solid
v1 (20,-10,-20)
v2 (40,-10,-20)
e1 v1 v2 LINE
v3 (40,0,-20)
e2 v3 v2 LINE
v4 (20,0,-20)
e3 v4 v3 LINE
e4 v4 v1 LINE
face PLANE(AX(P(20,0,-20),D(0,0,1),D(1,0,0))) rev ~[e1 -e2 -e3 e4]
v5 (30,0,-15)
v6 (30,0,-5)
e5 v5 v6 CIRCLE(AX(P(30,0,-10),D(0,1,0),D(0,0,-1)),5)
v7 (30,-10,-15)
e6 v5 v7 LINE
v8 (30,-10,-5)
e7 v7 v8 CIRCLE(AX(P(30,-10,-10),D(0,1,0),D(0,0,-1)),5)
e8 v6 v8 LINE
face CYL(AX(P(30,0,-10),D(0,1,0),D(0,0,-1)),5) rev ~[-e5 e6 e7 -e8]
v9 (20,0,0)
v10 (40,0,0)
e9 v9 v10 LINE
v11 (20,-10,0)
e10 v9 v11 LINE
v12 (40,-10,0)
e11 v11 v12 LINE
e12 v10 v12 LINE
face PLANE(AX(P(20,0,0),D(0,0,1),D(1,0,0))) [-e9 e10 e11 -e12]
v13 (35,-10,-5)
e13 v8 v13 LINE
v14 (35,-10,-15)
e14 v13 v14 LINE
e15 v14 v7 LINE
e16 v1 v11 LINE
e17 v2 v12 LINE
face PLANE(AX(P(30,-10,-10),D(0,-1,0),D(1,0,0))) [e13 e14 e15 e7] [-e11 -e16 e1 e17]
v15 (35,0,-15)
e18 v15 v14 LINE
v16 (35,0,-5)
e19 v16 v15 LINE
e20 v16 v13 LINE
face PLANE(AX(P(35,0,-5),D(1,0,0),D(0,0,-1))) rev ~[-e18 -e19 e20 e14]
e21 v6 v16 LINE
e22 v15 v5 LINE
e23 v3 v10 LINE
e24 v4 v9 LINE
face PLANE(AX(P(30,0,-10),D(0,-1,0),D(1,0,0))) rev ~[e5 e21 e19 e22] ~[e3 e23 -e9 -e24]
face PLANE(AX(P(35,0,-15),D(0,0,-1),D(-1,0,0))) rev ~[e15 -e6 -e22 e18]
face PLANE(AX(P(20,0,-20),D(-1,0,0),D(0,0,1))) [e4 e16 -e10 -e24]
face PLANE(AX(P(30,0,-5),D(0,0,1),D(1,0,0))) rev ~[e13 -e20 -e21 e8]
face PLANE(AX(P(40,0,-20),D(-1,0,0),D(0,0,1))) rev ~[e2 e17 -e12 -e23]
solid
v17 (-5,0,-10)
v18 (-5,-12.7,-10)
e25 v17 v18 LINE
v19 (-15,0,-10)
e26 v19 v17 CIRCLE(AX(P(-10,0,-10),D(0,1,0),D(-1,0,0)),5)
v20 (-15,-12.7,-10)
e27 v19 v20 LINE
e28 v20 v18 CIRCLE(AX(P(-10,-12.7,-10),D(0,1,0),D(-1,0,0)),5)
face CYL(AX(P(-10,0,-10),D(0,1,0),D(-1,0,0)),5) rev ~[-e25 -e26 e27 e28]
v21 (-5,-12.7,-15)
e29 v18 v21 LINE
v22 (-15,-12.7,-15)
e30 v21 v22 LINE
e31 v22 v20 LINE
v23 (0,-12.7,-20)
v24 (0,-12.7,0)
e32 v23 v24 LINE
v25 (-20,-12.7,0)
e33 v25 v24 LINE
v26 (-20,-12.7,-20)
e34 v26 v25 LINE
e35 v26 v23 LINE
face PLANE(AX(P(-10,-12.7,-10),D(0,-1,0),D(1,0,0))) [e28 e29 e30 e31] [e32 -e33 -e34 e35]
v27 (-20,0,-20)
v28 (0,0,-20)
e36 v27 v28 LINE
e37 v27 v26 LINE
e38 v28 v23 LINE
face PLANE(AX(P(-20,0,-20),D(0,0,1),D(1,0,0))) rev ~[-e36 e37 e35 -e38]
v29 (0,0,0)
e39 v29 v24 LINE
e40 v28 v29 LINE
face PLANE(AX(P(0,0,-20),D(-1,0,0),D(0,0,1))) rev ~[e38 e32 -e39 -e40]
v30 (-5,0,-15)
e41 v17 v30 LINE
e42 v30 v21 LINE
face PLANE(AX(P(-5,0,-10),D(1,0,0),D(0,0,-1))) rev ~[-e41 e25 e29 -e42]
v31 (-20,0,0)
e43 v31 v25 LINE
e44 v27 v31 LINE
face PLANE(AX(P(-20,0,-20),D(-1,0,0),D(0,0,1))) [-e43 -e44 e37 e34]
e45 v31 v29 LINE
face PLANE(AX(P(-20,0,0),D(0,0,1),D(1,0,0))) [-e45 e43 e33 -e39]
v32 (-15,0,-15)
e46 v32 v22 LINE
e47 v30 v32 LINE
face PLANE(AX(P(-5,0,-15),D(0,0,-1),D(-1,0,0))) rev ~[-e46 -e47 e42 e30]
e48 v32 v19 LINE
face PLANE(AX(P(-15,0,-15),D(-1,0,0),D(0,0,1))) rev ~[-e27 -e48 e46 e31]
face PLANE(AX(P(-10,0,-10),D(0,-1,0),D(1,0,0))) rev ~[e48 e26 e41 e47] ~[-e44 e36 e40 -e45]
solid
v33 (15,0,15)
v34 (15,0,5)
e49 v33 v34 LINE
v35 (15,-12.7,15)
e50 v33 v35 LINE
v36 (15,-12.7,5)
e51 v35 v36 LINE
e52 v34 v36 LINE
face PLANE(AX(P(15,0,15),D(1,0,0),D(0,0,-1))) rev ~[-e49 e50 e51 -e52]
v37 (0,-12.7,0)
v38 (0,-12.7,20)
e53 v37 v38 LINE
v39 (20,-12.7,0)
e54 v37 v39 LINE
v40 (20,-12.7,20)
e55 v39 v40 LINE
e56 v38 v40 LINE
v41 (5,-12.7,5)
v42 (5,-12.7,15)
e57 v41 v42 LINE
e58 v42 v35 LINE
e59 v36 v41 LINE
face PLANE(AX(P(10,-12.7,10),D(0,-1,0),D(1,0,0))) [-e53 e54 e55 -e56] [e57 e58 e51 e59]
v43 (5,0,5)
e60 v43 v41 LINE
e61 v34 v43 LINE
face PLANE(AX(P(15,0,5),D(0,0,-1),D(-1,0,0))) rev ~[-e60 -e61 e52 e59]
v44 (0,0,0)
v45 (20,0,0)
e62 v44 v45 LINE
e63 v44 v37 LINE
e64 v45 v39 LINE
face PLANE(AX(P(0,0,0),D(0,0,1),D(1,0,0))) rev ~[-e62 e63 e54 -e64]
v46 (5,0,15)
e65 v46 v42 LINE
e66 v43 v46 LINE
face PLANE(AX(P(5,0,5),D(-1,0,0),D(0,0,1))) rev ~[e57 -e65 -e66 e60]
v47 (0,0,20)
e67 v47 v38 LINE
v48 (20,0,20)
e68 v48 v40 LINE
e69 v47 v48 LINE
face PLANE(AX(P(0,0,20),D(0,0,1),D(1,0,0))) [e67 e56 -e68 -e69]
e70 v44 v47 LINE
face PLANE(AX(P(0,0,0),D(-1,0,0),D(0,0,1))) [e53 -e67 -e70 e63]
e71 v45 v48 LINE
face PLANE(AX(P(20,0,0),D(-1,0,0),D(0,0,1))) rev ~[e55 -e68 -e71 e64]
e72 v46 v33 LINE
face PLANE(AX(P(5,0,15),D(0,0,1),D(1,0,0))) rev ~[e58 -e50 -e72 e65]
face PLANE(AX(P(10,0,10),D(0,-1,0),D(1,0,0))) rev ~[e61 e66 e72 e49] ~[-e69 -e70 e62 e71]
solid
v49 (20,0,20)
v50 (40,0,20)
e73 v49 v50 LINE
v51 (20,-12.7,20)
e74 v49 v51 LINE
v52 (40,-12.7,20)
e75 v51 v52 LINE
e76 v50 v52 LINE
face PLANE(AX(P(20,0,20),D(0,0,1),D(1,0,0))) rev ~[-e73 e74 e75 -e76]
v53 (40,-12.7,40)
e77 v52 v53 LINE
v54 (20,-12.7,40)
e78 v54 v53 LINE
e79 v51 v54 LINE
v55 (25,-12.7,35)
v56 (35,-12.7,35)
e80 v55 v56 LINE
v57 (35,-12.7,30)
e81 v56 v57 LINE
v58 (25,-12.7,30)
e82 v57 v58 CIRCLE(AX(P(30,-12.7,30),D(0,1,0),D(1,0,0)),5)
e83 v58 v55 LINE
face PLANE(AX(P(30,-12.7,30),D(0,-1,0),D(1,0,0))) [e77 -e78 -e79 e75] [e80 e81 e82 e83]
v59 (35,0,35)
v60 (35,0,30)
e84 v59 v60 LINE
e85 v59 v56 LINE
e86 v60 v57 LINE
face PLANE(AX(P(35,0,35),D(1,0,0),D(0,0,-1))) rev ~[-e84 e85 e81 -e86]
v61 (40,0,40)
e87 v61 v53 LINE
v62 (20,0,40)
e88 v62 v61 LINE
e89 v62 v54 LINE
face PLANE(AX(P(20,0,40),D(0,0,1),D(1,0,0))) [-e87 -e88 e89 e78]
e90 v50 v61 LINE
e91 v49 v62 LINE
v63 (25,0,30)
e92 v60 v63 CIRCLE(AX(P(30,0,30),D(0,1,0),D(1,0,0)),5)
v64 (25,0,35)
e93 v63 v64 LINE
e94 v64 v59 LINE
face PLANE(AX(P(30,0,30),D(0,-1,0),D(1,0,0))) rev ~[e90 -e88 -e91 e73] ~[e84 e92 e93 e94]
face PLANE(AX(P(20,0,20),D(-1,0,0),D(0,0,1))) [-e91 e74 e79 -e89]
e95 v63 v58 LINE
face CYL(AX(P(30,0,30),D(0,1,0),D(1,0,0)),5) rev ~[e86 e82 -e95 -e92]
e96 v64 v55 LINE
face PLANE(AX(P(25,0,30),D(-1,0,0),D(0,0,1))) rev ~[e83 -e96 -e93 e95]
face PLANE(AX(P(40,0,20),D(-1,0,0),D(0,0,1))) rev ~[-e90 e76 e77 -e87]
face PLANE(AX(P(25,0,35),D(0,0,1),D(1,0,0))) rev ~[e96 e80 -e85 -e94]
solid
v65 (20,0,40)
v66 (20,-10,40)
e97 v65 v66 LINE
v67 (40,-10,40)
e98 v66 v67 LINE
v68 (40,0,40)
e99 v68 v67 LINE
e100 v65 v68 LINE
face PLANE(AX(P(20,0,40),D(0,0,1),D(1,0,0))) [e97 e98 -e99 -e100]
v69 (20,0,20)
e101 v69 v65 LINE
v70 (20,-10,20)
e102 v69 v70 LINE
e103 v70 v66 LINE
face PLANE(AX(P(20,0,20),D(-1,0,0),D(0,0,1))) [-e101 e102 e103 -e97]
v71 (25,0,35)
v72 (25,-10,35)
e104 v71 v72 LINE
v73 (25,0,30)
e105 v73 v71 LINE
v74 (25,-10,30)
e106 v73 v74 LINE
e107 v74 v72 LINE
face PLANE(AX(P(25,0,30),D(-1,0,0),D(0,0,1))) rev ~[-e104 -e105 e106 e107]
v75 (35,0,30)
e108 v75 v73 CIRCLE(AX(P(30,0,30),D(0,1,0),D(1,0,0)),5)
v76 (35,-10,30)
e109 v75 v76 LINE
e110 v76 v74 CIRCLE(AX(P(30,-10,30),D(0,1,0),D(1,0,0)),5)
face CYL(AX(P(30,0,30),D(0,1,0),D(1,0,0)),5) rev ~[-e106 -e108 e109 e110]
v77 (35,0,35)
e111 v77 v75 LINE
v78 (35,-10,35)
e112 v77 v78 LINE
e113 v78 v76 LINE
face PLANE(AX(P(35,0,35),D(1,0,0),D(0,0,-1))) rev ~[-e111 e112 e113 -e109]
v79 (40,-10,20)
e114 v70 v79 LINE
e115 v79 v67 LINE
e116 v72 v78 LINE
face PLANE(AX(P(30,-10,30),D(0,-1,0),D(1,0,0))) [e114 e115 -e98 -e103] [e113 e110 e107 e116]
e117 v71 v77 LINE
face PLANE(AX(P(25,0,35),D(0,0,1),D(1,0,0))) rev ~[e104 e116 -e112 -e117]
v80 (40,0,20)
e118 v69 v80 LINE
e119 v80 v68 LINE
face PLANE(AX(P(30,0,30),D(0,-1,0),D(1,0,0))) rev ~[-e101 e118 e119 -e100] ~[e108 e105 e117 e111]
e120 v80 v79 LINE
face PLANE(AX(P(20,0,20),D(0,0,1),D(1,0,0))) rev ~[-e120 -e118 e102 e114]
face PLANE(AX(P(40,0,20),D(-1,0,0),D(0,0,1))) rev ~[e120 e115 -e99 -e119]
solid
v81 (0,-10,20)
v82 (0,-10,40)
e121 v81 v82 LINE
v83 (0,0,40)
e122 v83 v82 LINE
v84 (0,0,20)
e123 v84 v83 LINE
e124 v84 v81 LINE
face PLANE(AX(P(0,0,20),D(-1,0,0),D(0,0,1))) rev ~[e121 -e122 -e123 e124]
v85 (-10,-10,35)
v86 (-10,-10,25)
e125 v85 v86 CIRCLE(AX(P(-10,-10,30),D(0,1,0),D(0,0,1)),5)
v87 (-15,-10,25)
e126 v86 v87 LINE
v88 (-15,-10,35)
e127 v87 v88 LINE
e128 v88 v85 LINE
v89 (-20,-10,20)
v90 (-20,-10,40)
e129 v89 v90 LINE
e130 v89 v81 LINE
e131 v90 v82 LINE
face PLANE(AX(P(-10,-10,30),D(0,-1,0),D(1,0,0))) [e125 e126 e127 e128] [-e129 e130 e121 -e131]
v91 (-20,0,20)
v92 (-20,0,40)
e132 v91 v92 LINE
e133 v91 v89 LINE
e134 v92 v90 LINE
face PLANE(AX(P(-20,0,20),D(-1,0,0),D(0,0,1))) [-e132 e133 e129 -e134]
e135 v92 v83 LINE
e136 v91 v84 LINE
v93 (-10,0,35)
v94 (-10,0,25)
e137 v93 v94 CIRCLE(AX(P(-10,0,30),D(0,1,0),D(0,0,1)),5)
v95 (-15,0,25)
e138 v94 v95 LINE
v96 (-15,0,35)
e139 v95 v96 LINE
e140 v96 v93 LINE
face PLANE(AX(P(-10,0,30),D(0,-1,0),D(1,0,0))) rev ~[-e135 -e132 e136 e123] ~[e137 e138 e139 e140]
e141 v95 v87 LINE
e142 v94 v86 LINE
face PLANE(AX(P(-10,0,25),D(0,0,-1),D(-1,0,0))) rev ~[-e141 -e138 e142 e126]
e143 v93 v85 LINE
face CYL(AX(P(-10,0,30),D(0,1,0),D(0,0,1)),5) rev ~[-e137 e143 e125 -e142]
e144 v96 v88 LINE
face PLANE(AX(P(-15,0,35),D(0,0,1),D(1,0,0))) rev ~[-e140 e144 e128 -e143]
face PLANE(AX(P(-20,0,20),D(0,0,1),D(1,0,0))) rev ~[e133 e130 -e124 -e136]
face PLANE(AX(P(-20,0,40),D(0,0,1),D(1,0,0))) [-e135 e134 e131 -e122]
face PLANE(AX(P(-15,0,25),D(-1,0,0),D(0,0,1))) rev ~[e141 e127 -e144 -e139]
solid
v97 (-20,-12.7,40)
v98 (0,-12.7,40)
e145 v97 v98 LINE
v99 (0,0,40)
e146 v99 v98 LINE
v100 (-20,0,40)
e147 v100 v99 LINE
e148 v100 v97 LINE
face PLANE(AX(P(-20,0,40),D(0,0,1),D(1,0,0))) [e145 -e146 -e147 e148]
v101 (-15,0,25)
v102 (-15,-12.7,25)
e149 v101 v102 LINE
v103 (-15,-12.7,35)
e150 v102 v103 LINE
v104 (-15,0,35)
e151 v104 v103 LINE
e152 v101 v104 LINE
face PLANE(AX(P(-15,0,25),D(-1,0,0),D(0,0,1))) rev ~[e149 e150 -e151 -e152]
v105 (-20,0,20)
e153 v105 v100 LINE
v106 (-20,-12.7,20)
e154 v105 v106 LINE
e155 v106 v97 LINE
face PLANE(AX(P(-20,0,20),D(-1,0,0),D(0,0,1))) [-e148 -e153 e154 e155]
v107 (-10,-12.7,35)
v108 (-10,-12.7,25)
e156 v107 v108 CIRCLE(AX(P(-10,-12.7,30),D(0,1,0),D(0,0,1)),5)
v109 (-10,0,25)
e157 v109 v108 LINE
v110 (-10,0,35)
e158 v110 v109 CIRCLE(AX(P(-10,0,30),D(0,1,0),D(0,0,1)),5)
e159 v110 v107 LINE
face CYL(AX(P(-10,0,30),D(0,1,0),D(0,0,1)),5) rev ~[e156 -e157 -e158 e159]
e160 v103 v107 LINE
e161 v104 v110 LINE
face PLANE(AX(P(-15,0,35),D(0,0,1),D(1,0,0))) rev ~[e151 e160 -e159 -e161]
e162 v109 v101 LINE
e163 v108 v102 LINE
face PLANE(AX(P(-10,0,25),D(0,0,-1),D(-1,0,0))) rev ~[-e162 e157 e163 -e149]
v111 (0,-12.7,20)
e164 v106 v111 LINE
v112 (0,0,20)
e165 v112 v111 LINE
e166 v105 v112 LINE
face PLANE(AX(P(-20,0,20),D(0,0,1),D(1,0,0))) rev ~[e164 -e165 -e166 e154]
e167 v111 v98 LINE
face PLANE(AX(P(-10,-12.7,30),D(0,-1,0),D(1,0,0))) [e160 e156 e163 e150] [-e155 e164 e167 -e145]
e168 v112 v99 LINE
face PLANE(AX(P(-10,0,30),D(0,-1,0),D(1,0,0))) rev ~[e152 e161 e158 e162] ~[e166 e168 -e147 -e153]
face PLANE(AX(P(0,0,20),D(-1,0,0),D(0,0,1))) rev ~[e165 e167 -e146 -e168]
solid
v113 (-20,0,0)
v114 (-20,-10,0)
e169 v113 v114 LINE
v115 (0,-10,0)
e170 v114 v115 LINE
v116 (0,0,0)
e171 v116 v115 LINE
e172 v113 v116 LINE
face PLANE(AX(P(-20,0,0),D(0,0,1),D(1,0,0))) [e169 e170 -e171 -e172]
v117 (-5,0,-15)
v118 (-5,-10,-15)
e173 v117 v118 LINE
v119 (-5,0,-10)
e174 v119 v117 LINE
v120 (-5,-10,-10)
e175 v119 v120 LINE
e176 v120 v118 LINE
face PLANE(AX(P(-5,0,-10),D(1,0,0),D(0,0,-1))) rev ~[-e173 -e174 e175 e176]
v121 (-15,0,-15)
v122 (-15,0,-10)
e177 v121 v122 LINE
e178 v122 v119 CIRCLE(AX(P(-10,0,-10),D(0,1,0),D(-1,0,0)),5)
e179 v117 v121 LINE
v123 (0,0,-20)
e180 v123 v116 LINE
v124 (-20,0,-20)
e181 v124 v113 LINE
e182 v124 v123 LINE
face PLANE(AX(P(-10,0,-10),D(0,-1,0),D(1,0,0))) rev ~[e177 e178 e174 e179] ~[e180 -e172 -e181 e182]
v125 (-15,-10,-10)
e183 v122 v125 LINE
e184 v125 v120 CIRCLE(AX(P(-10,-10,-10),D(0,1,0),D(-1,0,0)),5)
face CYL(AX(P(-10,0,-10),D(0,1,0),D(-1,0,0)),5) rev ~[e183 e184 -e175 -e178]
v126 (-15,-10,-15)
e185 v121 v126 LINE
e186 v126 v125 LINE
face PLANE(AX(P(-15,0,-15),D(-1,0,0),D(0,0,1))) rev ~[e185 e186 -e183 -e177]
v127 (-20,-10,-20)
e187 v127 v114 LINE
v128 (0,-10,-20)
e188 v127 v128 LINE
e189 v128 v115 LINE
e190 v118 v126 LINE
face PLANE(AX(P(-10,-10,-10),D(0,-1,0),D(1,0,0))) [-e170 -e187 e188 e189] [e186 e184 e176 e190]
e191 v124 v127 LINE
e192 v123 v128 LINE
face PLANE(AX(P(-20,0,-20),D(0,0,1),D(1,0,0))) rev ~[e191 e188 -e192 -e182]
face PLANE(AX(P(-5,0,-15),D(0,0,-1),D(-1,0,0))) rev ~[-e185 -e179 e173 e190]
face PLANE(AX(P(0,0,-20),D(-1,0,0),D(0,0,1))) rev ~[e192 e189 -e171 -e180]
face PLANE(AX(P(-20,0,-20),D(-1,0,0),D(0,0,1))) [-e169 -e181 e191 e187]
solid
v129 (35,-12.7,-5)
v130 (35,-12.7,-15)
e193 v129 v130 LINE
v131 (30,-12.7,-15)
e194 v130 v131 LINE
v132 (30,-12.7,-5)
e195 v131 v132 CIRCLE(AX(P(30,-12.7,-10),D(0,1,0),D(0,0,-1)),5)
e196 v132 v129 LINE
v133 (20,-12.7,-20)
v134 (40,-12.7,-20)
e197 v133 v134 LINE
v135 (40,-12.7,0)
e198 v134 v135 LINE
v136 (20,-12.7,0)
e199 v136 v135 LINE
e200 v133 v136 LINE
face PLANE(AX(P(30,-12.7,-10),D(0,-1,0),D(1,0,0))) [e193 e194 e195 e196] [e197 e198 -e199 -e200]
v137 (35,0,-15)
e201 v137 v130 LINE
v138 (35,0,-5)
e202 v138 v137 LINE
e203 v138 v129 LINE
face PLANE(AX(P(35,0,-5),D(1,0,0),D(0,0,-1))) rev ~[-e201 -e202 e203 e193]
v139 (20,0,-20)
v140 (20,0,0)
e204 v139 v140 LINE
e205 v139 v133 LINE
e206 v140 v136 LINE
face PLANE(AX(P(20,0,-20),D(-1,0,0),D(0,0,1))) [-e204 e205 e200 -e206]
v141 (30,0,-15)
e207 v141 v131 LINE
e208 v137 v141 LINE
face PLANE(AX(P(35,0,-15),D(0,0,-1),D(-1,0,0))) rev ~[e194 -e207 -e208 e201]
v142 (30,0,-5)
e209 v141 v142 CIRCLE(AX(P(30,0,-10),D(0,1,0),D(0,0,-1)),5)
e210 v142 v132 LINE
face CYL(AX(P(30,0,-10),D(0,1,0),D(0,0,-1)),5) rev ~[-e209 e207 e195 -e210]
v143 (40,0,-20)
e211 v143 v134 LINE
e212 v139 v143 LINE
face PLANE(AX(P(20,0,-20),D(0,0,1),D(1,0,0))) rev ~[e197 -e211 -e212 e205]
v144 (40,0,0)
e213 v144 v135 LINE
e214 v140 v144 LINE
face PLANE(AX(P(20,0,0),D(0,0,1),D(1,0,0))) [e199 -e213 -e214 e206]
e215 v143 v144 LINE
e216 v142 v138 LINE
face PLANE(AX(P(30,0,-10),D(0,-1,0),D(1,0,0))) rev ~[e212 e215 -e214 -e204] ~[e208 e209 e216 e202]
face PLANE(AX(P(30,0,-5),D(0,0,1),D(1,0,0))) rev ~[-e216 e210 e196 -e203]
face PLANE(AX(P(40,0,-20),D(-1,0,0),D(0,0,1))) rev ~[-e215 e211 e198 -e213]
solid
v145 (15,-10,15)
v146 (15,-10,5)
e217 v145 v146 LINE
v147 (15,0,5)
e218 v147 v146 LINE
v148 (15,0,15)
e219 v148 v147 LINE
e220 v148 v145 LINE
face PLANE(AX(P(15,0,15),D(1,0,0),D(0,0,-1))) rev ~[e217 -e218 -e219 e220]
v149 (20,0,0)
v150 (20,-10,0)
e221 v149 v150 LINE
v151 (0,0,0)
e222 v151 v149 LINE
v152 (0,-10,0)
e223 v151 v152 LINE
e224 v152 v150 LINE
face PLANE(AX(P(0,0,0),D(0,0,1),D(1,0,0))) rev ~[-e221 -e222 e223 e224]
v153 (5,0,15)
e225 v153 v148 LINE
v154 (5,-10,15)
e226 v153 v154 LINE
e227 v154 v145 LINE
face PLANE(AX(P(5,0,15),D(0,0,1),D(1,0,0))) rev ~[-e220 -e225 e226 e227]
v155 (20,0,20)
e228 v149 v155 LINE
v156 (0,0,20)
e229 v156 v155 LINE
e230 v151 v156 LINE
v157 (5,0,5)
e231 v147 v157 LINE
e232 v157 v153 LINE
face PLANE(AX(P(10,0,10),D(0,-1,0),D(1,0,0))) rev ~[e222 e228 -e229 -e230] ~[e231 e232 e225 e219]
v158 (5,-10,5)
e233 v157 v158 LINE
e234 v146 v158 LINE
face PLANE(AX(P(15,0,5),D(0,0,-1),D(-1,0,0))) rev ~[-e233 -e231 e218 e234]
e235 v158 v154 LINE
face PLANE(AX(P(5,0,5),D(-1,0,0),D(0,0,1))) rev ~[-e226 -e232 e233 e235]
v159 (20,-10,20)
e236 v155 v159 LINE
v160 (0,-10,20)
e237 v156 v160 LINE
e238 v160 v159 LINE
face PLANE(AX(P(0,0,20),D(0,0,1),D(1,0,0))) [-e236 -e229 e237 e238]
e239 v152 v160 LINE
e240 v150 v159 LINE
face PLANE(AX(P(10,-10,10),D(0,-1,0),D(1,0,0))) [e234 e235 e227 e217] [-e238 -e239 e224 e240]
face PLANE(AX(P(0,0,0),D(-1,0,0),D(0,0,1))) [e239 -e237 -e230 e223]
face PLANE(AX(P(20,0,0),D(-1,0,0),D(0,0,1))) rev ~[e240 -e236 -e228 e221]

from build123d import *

# Parameters (mm, degrees)
F0_W     = 20
F0_H     = 20
F1_DEPTH = 10
F2_DEPTH = 12.7


with BuildPart() as f1:
    # F0 (on Front) → F1 (new body)
    with BuildSketch(Plane.XZ):
        with Locations((10, 10)):
            Rectangle(F0_W, F0_H)
        Polygon((15, 10), (15, 5), (10, 5), (5, 5), (5, 10), (5, 15), (10, 15), (15, 15), align=None, mode=Mode.SUBTRACT)
        with Locations((-10, 30)):
            Rectangle(F0_W, F0_H)
        with BuildLine():
            ThreePointArc((-10, 35), (-5, 30), (-10, 25))
            Line((-10, 25), (-15, 25))
            Line((-15, 25), (-15, 35))
            Line((-15, 35), (-10, 35))
        make_face(mode=Mode.SUBTRACT)
        with Locations((30, 30)):
            Rectangle(F0_W, F0_H)
        with BuildLine():
            Line((25, 35), (35, 35))
            Line((35, 35), (35, 30))
            ThreePointArc((35, 30), (30, 25), (25, 30))
            Line((25, 30), (25, 35))
        make_face(mode=Mode.SUBTRACT)
        with Locations((30, -10)):
            Rectangle(F0_W, F0_H)
        with BuildLine():
            Line((35, -5), (35, -15))
            Line((35, -15), (30, -15))
            ThreePointArc((30, -15), (25, -10), (30, -5))
            Line((30, -5), (35, -5))
        make_face(mode=Mode.SUBTRACT)
        with Locations((-10, -10)):
            Rectangle(F0_W, F0_H)
        with BuildLine():
            Line((-5, -10), (-5, -15))
            Line((-5, -15), (-15, -15))
            Line((-15, -15), (-15, -10))
            ThreePointArc((-15, -10), (-10, -5), (-5, -10))
        make_face(mode=Mode.SUBTRACT)
    extrude(amount=F1_DEPTH)


with BuildPart() as f2:
    # F0 (on Front) → F2 (new body)
    with BuildSketch(Plane.XZ):
        with Locations((10, 10)):
            Rectangle(F0_W, F0_H)
        Polygon((15, 10), (15, 5), (10, 5), (5, 5), (5, 10), (5, 15), (10, 15), (15, 15), align=None, mode=Mode.SUBTRACT)
        with Locations((-10, 30)):
            Rectangle(F0_W, F0_H)
        with BuildLine():
            ThreePointArc((-10, 35), (-5, 30), (-10, 25))
            Line((-10, 25), (-15, 25))
            Line((-15, 25), (-15, 35))
            Line((-15, 35), (-10, 35))
        make_face(mode=Mode.SUBTRACT)
        with Locations((30, 30)):
            Rectangle(F0_W, F0_H)
        with BuildLine():
            Line((25, 35), (35, 35))
            Line((35, 35), (35, 30))
            ThreePointArc((35, 30), (30, 25), (25, 30))
            Line((25, 30), (25, 35))
        make_face(mode=Mode.SUBTRACT)
        with Locations((30, -10)):
            Rectangle(F0_W, F0_H)
        with BuildLine():
            Line((35, -5), (35, -15))
            Line((35, -15), (30, -15))
            ThreePointArc((30, -15), (25, -10), (30, -5))
            Line((30, -5), (35, -5))
        make_face(mode=Mode.SUBTRACT)
        with Locations((-10, -10)):
            Rectangle(F0_W, F0_H)
        with BuildLine():
            Line((-5, -10), (-5, -15))
            Line((-5, -15), (-15, -15))
            Line((-15, -15), (-15, -10))
            ThreePointArc((-15, -10), (-10, -5), (-5, -10))
        make_face(mode=Mode.SUBTRACT)
    extrude(amount=F2_DEPTH)


solid = Compound([f1.part, f2.part])
